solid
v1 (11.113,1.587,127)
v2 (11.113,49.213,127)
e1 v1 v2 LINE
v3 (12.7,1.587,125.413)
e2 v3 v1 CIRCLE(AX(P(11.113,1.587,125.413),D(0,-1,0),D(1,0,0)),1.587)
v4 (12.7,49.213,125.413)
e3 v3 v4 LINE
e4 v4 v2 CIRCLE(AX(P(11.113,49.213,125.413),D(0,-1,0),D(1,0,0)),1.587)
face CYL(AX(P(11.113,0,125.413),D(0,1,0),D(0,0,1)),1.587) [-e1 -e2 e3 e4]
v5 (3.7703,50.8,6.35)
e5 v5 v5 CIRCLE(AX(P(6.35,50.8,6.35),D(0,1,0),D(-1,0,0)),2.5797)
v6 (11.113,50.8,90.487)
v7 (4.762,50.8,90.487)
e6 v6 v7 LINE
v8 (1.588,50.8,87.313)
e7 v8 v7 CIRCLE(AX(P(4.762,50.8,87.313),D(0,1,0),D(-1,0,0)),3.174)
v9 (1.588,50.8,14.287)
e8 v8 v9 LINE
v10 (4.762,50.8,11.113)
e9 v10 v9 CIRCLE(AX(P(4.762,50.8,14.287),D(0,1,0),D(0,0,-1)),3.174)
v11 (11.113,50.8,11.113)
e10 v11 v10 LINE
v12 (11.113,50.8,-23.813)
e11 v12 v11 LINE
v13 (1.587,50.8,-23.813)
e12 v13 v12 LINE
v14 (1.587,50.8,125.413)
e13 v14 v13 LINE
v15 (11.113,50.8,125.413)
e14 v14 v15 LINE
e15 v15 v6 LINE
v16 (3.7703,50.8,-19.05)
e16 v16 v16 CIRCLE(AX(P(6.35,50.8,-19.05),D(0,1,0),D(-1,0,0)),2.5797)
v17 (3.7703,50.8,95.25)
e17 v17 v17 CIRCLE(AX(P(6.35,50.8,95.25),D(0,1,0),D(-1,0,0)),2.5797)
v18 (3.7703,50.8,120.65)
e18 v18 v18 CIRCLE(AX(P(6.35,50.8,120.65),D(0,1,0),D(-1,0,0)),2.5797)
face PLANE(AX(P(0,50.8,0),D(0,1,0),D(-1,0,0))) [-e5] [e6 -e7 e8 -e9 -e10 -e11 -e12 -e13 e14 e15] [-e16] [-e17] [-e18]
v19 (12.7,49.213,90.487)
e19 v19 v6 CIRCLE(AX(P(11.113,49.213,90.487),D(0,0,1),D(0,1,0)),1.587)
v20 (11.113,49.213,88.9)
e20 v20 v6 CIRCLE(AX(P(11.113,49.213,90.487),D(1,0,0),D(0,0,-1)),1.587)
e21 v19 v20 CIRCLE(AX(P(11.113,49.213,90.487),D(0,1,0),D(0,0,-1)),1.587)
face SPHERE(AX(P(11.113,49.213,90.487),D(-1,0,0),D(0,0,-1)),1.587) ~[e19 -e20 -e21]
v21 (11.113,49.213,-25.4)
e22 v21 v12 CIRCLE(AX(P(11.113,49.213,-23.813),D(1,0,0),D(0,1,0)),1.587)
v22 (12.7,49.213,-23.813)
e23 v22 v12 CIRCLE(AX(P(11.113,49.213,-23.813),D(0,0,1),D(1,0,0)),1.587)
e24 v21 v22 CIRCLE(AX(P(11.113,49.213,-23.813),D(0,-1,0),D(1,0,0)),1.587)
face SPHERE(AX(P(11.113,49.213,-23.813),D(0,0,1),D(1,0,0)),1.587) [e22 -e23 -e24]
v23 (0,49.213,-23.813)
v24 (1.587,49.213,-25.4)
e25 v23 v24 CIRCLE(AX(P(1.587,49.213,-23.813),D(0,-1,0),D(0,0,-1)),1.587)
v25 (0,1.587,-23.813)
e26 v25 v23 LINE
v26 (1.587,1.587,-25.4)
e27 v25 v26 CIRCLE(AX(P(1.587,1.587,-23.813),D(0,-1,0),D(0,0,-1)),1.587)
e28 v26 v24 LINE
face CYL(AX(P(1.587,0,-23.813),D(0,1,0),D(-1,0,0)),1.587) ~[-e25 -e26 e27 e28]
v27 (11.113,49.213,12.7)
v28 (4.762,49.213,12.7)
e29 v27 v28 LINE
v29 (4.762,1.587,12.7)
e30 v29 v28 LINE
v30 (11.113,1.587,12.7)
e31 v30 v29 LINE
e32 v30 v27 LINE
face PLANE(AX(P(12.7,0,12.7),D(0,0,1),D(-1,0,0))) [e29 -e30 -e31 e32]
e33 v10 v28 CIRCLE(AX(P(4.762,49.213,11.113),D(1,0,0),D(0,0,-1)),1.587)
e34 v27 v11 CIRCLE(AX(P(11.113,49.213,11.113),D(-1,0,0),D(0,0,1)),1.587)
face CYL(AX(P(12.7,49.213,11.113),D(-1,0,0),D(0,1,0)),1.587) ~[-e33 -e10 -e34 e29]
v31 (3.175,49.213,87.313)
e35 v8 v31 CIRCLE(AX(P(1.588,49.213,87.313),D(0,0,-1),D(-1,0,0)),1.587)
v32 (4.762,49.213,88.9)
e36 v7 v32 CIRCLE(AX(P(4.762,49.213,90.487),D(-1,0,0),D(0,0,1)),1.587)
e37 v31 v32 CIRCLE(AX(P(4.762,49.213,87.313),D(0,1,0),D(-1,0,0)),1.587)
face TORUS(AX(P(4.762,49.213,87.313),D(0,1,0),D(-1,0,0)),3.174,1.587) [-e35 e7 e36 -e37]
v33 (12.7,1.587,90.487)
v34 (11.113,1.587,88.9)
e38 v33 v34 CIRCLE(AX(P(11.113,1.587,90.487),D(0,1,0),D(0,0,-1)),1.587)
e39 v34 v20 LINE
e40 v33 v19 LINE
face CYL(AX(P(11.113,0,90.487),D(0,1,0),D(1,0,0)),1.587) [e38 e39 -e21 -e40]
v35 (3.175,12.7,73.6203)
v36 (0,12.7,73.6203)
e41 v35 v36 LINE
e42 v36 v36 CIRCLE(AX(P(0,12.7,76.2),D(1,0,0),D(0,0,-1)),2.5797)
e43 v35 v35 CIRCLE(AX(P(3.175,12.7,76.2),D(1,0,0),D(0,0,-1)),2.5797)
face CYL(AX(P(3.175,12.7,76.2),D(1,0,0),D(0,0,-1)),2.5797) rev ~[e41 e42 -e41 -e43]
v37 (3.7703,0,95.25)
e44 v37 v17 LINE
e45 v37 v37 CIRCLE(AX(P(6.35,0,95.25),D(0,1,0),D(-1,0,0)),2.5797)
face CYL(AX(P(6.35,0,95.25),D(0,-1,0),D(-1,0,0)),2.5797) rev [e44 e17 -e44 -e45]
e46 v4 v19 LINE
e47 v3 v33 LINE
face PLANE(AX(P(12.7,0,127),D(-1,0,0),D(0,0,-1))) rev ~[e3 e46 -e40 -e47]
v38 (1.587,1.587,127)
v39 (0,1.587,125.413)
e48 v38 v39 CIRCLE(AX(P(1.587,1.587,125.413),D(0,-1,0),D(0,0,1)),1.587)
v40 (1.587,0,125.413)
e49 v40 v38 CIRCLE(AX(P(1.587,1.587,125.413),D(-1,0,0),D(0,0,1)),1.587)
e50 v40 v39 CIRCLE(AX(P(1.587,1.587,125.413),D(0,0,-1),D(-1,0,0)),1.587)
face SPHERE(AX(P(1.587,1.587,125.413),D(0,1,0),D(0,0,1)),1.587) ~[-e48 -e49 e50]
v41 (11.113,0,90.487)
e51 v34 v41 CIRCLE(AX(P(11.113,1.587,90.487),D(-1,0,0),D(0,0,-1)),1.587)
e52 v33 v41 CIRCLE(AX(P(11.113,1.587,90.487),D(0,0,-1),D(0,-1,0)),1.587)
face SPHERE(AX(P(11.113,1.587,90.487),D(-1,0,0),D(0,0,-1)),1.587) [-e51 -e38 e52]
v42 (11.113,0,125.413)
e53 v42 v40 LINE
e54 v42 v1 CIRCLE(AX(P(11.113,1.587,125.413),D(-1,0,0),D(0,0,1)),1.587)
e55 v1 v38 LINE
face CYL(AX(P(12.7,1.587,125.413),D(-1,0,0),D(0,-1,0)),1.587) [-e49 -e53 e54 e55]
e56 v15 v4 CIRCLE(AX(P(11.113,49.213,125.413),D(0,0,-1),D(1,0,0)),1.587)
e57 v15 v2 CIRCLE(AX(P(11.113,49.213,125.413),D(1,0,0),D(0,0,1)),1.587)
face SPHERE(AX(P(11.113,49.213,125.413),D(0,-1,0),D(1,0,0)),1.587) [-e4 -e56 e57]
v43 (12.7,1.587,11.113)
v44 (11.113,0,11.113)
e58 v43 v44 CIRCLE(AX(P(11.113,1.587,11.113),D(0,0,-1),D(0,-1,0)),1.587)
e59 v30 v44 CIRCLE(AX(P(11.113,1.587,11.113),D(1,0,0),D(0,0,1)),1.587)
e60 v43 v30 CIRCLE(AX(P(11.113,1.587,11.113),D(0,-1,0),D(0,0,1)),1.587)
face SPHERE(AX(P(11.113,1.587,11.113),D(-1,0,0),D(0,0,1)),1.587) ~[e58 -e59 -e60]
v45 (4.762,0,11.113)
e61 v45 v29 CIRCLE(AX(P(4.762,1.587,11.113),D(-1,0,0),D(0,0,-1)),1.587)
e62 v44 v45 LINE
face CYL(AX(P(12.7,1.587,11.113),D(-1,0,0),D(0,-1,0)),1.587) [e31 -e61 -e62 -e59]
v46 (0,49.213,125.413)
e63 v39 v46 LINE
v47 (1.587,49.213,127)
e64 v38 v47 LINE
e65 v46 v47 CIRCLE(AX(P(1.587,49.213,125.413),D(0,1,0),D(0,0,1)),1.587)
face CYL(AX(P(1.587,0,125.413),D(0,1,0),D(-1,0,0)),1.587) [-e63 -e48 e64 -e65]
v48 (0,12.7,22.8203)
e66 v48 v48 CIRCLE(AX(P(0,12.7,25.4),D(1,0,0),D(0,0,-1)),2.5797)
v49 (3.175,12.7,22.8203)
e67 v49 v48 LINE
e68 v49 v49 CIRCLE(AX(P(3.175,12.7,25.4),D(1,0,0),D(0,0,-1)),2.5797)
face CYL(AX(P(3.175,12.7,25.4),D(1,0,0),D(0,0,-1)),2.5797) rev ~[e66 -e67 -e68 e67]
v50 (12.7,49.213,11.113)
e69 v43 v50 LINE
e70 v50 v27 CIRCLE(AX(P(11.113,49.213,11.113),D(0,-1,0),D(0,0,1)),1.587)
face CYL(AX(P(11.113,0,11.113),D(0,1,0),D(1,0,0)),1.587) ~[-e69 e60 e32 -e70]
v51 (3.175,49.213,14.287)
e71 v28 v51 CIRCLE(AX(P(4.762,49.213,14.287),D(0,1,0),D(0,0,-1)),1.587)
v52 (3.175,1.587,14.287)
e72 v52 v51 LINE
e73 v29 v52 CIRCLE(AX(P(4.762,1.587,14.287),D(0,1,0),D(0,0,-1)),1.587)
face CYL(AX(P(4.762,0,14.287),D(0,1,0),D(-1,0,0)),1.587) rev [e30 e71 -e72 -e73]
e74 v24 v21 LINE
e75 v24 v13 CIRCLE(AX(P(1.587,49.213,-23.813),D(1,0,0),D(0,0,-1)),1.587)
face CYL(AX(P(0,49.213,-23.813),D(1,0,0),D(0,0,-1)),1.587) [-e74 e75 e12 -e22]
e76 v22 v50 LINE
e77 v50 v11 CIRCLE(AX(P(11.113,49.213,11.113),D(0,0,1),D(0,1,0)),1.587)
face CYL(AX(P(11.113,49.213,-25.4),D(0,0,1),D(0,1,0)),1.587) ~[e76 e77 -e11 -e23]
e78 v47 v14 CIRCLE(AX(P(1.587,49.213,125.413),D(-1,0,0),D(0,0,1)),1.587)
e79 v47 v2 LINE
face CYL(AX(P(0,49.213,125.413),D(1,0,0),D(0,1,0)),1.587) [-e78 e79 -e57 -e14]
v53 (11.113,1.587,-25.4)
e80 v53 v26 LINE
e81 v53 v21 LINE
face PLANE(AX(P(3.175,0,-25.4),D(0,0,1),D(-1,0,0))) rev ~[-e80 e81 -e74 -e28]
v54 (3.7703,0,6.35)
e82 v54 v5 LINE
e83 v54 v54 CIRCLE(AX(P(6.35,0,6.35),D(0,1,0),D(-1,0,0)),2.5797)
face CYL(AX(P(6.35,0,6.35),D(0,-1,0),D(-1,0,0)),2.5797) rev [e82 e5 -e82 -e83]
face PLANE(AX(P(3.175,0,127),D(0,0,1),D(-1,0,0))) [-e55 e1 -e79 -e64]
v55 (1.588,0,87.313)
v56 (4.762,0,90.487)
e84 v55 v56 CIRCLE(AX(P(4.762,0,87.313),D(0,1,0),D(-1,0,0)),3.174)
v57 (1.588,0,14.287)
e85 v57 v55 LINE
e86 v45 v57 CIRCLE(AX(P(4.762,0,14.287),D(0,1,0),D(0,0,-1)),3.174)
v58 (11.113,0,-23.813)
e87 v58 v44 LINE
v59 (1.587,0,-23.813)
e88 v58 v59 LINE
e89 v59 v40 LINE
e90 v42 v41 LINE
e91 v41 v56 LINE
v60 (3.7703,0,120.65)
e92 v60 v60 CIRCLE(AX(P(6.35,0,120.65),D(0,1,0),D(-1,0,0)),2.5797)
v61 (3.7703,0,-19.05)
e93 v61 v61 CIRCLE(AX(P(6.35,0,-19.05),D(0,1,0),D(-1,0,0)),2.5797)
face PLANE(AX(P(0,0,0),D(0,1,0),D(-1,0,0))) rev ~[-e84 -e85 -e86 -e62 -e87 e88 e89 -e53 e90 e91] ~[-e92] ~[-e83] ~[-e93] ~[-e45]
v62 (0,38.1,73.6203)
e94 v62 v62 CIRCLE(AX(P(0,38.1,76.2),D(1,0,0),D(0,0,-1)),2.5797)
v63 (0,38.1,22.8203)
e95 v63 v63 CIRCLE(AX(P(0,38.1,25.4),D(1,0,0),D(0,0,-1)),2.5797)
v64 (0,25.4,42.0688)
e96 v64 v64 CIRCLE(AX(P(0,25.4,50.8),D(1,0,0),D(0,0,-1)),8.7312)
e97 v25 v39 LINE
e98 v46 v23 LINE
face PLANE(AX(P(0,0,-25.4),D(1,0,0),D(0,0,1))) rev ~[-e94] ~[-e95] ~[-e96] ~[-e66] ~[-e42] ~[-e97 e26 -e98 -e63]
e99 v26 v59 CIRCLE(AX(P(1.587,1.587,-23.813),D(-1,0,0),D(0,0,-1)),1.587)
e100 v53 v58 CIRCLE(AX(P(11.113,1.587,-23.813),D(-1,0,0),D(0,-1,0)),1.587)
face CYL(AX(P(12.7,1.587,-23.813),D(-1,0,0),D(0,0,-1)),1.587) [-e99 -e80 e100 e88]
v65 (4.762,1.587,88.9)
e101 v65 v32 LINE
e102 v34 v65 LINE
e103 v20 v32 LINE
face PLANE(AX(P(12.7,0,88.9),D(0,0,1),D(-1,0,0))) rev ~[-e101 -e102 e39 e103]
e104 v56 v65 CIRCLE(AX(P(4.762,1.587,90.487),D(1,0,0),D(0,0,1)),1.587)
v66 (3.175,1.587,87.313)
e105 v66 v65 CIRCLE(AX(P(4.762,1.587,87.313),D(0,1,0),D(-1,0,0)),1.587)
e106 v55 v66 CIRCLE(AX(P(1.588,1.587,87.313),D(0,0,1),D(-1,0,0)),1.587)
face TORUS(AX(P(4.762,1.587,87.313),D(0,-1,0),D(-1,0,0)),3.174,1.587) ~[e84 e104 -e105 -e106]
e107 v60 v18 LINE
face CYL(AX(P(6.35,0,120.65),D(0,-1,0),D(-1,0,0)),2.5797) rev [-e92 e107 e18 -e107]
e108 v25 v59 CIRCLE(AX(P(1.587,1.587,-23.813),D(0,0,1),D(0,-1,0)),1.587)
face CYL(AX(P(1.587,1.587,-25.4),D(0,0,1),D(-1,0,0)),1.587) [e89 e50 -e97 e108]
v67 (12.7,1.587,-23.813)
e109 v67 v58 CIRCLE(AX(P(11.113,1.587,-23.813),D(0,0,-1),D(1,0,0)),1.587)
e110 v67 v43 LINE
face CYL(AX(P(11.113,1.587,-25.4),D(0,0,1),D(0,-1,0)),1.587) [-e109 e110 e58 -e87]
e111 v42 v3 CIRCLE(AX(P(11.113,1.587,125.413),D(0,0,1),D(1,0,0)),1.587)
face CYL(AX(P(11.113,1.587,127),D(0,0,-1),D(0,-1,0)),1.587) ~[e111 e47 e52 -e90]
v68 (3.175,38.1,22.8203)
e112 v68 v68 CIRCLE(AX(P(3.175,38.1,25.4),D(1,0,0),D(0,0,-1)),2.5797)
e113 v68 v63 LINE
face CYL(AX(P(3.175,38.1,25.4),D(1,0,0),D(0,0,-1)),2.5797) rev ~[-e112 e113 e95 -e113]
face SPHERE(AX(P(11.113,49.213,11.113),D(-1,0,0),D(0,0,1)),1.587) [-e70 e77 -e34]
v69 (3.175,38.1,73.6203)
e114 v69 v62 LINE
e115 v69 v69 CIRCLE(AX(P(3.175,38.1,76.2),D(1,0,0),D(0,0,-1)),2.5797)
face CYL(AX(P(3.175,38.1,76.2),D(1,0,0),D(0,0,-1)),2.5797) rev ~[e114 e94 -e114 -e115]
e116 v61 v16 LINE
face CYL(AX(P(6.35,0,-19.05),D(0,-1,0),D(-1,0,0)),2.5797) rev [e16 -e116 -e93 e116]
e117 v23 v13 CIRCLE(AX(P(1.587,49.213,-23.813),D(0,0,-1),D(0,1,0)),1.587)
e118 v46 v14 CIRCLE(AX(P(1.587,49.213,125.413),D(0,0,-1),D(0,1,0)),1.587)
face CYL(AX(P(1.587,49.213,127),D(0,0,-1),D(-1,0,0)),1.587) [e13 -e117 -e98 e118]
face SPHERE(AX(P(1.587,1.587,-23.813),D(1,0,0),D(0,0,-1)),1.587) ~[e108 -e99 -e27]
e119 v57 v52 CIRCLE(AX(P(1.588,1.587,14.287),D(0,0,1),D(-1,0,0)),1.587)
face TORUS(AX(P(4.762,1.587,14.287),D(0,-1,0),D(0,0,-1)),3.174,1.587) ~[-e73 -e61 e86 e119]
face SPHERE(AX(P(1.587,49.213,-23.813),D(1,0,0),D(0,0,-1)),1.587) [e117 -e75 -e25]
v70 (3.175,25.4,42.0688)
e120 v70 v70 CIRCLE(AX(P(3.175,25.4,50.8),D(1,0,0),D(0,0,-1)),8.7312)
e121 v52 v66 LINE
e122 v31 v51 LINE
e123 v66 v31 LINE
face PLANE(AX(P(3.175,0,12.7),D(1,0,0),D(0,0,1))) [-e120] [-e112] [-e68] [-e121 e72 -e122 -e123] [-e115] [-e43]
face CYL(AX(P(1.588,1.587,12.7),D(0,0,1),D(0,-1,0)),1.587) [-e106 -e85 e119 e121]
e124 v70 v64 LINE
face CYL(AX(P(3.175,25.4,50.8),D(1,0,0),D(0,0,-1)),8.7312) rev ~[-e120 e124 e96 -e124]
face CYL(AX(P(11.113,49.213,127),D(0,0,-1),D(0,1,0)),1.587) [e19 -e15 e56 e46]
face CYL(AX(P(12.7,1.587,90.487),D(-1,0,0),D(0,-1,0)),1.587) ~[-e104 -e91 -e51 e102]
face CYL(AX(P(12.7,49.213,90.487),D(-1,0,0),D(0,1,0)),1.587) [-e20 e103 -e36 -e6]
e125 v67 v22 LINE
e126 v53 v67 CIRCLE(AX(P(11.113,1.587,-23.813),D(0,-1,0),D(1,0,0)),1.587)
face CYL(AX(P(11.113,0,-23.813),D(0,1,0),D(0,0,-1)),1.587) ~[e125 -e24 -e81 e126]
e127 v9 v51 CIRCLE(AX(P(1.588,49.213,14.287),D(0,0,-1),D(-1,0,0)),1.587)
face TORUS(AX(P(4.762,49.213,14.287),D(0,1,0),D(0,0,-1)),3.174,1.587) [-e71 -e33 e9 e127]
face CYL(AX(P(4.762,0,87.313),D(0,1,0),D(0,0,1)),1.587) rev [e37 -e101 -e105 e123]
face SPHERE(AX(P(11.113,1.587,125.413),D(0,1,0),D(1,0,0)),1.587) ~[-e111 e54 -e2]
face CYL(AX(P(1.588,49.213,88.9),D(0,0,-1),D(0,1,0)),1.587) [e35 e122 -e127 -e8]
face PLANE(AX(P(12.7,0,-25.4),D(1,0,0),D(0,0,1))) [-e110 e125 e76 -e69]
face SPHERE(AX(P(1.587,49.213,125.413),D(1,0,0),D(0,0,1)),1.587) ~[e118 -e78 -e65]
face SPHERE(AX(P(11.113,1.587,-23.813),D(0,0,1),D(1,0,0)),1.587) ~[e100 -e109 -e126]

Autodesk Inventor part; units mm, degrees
ref_plane "YZ Plane" through (0, 0, 0) normal (1, 0, 0) x (0, 1, 0)
ref_plane "XZ Plane" through (0, 0, 0) normal (0, 1, 0) x (-1, 0, 0)
ref_plane "XY Plane" through (0, 0, 0) normal (0, 0, 1) x (1, 0, 0)
sketch "Sketch1" plane through (0, 0, 0) normal (0, 1, 0) x (-1, 0, 0)
  line L0 (0, 0) -> (-3.175, 0)
  line L1 (-3.175, 0) -> (-3.175, 101.6)
  line L2 (-3.175, 101.6) -> (0, 101.6)
  line L3 (0, 101.6) -> (0, 0)
  line L4 (0, 0) -> (-3.175, 0)
  line L5 (-3.175, 0) -> (-3.175, -25.4)
  line L6 (-3.175, -25.4) -> (0, -25.4)
  line L7 (0, -25.4) -> (0, 0)
  line L8 (0, 101.6) -> (-3.175, 101.6)
  line L9 (-3.175, 101.6) -> (-3.175, 127)
  line L10 (-3.175, 127) -> (0, 127)
  line L11 (0, 127) -> (0, 101.6)
  circle A0 centre (-6.35, 120.65) radius 2.5797
  circle A1 centre (-6.35, 95.25) radius 2.5797
  line L12 (0, 127) -> (-12.7, 127)
  line L13 (-12.7, 127) -> (-12.7, 88.9)
  line L14 (-12.7, 88.9) -> (0, 88.9)
  line L15 (0, 88.9) -> (0, 127)
  line L16 (25.4, 50.8) -> (-25.4, 50.8)
  line L17 (25.4, 50.8) -> (76.2, 50.8) construction
  line L18 (-3.175, 101.6) -> (-3.175, 0)
  line L19 (-3.175, 0) -> (0, 0)
  line L20 (0, 0) -> (0, 101.6)
  line L21 (0, 0) -> (-3.175, 0)
  line L22 (-3.175, 0) -> (-3.175, -25.4)
  line L23 (-3.175, -25.4) -> (0, -25.4)
  line L24 (0, -25.4) -> (0, 0)
  circle A2 centre (-6.35, -19.05) radius 2.5797
  circle A3 centre (-6.35, 6.35) radius 2.5797
  line L25 (0, -25.4) -> (-12.7, -25.4)
  line L26 (-12.7, -25.4) -> (-12.7, 12.7)
  line L27 (-12.7, 12.7) -> (0, 12.7)
  line L28 (0, 12.7) -> (0, -25.4)
  point P0 (-3.175, 88.9)
  point P1 (-3.175, 12.7)
  dimension "d25" = 3.175
  dimension "d26" = 101.6
  dimension "d27" = 3.175
  dimension "d28" = 25.4
  dimension "d29" = 3.175
  dimension "d30" = 25.4
  dimension "d31" = 0
  dimension "d32" = 25.4
  dimension "d33" = 6.35
  dimension "d34" = 5.1594
  dimension "d35" = 5.1594
  dimension "d36" = 12.7
  dimension "d37" = 38.1
  dimension "d38" = 6.35
  dimension "d39" = 50.8
  dimension "d40" = 180
  dimension "d41" = 50.8
  dimension "d42" = 25.4
extrude "Extrusion1" add sketch "Sketch1" along normal blind 50.8
sketch "Sketch3" plane through (3.175, 0, 88.9) normal (1, 0, 0) x (0, 0, -1)
  circle A0 centre (12.7, 12.7) radius 2.5797
  line L0 (0, 0) -> (76.2, 0) projected
  line L1 (0, 0) -> (0, 50.8) projected
  circle A1 centre (63.5, 12.7) radius 2.5797
  circle A2 centre (12.7, 38.1) radius 2.5797
  circle A3 centre (63.5, 38.1) radius 2.5797
  circle A4 centre (38.1, 25.4) radius 8.7312
  point P0 (88.9, 0)
  dimension "d43" = 12.7
  dimension "d44" = 12.7
  dimension "d45" = 5.1594
  dimension "d48" = 50.8
  dimension "d51" = 25.4
  dimension "d56" = 17.4625
  dimension "d57" = 25.4
  dimension "d58" = 38.1
extrude "Extrusion3" cut sketch "Sketch3" against normal blind 50.8
fillet "Fillet2" radius 1.5875 24 edges at (7.9375, 50.8, 88.9) (7.9375, 0, 88.9) (3.175, 25.4, 88.9) (12.7, 25.4, 88.9) (12.7, 25.4, 127) (12.7, 50.8, 107.95) (6.35, 50.8, 127) (0, 25.4, 127) (12.7, 0, 107.95) (6.35, 0, 127) (3.175, 50.8, 50.8) (3.175, 0, 50.8) (3.175, 25.4, 12.7) (7.9375, 50.8, 12.7) (7.9375, 0, 12.7) (12.7, 25.4, 12.7) (12.7, 50.8, -6.35) (12.7, 0, -6.35) (12.7, 25.4, -25.4) (6.35, 50.8, -25.4) (6.35, 0, -25.4) (0, 25.4, -25.4) (0, 0, 50.8) (0, 50.8, 50.8)
equation "\"d35\" = d34"
properties part number "Connector plate"
